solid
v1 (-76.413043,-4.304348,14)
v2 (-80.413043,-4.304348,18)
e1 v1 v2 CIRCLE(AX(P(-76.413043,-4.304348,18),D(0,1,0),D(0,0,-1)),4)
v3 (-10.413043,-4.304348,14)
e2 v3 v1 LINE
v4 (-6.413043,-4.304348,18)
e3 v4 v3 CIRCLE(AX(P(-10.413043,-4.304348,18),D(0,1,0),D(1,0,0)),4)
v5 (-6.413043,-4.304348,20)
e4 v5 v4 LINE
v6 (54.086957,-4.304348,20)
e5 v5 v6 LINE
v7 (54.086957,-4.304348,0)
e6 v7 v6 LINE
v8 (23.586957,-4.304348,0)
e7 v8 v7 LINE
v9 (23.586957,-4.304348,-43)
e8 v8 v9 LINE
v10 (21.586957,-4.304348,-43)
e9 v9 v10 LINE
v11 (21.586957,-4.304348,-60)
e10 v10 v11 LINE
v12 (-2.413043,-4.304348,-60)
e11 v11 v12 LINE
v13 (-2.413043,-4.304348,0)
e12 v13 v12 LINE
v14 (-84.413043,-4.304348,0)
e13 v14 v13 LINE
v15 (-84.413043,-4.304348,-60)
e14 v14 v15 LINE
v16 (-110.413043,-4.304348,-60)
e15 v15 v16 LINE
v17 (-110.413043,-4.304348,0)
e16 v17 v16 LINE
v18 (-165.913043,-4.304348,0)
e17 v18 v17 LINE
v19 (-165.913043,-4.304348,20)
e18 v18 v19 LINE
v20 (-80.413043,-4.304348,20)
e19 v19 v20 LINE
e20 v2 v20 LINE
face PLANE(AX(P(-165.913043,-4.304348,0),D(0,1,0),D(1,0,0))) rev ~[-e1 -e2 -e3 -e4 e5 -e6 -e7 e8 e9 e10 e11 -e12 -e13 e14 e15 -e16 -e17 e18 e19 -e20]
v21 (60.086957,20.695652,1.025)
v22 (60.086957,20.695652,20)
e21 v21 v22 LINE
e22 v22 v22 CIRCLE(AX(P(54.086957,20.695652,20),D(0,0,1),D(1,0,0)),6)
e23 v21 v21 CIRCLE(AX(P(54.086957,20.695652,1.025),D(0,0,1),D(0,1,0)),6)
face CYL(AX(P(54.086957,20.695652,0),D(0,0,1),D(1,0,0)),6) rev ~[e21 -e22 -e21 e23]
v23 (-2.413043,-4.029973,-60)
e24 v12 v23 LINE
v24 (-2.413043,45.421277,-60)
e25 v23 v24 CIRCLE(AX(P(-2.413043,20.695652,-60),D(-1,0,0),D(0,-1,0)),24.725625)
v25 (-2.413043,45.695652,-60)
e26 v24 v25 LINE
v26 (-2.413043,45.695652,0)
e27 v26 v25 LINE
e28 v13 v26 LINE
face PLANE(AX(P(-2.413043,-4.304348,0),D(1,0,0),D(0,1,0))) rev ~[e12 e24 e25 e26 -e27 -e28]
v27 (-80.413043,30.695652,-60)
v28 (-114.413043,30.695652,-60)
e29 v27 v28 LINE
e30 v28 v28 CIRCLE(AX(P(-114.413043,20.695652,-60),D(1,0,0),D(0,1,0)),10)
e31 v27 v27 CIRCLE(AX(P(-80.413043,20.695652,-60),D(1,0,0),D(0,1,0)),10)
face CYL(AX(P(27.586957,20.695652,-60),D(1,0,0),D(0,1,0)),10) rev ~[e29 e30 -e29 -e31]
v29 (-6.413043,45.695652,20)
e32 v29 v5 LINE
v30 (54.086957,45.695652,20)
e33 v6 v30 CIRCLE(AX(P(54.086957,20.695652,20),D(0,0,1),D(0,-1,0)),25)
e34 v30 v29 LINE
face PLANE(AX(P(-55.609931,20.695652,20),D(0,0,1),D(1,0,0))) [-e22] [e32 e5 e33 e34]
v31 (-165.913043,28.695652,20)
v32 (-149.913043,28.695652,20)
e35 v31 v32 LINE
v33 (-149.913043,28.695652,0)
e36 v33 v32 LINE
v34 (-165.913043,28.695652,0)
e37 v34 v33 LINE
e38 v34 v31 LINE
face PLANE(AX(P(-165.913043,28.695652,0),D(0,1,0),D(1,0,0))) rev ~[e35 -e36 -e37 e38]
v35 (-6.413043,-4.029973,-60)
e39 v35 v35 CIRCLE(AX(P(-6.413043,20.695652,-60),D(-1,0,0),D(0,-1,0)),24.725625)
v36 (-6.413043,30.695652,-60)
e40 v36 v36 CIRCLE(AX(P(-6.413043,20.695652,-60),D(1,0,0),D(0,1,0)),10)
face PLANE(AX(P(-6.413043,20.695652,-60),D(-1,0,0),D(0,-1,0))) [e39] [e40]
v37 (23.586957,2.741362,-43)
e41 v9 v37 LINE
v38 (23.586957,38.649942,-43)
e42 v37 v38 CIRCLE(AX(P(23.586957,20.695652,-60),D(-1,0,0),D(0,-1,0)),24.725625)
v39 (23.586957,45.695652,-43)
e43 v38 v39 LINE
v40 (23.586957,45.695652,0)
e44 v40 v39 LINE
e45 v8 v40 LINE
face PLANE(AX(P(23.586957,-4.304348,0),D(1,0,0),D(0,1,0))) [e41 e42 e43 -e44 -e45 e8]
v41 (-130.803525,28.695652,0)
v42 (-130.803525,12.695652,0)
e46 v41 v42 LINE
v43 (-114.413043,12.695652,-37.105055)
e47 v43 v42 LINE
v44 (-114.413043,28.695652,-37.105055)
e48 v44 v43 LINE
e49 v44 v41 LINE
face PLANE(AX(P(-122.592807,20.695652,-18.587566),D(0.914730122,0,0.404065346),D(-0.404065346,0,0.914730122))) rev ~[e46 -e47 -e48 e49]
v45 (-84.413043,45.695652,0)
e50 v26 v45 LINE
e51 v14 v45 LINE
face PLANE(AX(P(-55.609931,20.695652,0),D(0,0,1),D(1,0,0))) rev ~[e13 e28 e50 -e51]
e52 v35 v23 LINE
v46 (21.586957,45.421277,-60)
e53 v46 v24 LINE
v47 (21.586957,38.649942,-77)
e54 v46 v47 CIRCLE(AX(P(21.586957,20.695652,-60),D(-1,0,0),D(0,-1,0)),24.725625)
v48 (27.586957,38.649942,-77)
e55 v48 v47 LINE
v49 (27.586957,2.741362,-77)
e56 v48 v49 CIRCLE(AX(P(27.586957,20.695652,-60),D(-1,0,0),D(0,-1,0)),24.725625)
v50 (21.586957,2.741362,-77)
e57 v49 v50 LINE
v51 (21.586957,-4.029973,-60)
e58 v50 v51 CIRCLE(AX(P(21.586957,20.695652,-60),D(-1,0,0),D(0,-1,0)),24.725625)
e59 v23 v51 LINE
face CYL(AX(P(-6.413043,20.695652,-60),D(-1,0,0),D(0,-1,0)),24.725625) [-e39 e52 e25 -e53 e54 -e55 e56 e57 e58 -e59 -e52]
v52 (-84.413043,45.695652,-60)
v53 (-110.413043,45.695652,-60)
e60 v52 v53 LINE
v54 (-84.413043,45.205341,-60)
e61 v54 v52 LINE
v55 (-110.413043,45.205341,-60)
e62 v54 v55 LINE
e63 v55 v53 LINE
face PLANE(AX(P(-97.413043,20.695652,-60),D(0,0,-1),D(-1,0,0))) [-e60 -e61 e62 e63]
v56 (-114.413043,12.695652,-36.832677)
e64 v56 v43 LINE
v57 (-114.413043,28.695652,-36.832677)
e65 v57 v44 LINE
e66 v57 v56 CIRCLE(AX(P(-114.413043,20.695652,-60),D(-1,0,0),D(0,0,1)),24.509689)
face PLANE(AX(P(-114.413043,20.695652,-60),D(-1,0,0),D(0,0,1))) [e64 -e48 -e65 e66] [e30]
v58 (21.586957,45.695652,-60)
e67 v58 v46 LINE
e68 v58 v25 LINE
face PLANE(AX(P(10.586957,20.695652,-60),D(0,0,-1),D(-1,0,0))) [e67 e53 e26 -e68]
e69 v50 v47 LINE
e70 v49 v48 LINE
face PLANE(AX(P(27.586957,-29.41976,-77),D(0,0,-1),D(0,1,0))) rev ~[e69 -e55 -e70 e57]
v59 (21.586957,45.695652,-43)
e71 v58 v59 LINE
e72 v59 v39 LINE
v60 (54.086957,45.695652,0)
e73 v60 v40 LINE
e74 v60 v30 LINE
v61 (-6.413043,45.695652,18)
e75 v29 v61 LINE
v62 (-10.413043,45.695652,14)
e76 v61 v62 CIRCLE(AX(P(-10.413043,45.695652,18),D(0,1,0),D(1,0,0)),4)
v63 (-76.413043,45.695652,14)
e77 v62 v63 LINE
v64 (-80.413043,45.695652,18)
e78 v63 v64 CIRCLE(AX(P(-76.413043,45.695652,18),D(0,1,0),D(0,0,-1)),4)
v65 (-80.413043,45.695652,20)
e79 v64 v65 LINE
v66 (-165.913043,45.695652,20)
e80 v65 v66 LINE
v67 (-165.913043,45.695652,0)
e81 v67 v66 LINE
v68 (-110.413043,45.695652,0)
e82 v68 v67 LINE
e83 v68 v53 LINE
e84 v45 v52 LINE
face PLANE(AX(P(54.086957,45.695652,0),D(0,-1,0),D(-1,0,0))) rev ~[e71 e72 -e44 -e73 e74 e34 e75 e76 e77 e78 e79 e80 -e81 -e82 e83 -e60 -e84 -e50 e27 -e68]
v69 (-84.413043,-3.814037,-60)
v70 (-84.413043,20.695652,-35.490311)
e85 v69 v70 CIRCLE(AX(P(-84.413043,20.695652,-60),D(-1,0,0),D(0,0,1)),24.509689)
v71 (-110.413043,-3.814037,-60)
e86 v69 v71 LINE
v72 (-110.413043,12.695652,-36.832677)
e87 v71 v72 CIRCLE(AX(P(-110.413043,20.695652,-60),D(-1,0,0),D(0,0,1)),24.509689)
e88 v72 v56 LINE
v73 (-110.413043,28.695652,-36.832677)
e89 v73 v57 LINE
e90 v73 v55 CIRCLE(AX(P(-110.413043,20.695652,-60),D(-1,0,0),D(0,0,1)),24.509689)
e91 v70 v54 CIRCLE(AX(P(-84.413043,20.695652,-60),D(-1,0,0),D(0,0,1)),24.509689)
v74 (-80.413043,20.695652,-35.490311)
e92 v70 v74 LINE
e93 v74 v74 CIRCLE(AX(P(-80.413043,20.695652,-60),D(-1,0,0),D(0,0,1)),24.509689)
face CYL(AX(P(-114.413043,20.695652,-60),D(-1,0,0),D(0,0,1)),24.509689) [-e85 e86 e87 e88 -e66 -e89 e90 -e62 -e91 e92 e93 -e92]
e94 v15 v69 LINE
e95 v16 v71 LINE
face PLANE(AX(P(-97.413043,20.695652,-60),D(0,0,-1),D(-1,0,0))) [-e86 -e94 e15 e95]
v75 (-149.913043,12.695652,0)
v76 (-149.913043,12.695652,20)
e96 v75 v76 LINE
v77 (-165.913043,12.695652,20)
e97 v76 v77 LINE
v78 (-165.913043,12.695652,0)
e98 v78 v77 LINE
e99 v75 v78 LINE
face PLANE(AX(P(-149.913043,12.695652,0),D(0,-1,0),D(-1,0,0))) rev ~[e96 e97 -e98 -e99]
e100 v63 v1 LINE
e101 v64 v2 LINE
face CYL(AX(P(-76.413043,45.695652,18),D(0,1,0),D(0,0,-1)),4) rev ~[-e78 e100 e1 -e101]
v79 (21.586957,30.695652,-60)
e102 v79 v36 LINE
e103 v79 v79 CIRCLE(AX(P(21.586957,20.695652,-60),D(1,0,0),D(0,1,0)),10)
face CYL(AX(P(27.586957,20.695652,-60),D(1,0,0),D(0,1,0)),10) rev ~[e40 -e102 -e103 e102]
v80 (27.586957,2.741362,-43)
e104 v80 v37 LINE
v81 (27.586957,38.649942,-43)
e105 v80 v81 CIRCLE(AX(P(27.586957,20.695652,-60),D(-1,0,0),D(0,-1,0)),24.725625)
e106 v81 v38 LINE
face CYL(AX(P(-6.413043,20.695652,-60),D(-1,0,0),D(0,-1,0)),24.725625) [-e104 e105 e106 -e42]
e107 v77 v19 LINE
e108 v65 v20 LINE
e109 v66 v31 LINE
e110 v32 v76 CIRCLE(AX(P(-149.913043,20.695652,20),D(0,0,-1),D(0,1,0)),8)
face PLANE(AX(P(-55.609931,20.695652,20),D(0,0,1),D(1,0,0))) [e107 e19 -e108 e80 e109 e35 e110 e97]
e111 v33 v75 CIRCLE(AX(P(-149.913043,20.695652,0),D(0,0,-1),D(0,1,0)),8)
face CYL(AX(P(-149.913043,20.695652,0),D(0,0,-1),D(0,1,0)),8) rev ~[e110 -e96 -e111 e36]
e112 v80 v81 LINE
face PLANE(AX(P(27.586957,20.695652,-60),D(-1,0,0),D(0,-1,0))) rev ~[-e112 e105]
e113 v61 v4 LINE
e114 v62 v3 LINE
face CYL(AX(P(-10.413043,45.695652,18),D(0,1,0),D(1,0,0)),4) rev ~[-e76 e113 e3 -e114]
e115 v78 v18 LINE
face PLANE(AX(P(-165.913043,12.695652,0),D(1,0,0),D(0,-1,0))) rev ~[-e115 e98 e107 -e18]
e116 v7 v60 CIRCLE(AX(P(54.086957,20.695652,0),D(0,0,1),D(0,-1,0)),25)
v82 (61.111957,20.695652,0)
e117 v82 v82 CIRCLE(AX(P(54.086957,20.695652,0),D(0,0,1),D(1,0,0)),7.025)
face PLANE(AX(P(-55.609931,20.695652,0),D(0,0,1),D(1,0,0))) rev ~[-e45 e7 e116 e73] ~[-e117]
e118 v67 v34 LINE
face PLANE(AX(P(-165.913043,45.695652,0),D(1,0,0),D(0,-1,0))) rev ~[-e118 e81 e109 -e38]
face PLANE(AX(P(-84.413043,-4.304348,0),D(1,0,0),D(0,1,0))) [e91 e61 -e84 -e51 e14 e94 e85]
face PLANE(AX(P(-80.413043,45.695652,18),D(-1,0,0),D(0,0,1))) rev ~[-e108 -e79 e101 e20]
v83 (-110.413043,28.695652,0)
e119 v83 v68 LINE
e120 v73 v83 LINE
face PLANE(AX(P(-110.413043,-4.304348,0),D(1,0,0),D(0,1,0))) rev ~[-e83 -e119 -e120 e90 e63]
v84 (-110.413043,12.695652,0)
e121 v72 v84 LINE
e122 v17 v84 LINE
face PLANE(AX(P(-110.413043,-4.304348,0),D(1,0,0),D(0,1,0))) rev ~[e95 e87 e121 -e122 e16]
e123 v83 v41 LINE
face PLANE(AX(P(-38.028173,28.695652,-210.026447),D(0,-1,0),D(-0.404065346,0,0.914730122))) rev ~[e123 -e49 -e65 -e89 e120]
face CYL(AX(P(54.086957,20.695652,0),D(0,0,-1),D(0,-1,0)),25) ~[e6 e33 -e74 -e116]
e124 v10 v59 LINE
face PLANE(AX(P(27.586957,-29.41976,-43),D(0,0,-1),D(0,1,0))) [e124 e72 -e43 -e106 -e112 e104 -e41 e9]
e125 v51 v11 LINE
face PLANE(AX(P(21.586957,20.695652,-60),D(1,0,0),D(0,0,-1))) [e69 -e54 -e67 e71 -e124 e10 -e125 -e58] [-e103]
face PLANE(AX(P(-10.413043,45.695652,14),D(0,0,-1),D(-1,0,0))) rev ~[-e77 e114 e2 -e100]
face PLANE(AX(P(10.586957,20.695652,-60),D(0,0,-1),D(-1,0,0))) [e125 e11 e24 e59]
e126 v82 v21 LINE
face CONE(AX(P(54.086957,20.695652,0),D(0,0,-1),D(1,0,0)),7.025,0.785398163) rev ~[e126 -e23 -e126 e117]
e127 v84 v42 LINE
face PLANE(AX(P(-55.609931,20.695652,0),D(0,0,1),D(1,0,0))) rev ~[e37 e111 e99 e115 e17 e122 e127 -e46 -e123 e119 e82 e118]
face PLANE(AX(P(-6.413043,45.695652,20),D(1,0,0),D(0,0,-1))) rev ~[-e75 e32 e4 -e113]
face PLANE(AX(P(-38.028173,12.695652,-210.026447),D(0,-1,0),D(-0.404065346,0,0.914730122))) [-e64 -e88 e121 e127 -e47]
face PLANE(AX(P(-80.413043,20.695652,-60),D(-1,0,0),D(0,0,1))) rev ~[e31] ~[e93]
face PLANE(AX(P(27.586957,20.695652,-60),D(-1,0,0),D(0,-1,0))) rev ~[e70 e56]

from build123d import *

# Parameters (mm, degrees)
BOSS_EXTRUDE1_DEPTH              = 20
CUT_EXTRUDE1_DEPTH               = 80
M14X2_0_TAPPED_HOLE2_D           = 12
M14X2_0_TAPPED_HOLE2_CSINK_D     = 14.05
M14X2_0_TAPPED_HOLE2_CSINK_ANGLE = 90
SKETCH11_W                       = 26
SKETCH11_H                       = 50
BOSS_EXTRUDE2_DEPTH              = 60
BOSS_EXTRUDE3_START              = 4
SKETCH12_R                       = 24.50968872
BOSS_EXTRUDE3_DEPTH              = 34
BOSS_EXTRUDE4_START              = 4
SKETCH13_R                       = 24.725624797
BOSS_EXTRUDE4_DEPTH              = 34
SKETCH14_R                       = 10
CUT_EXTRUDE2_DEPTH               = 234
SKETCH15_W                       = 34
SKETCH15_H                       = 100.230824912
CUT_EXTRUDE3_DEPTH               = 6
RIB6_REACH                       = 189.964
SKETCH16_WALL_W                  = 418.569099694
SKETCH16_WALL_H                  = 16


with BuildPart() as part:
    # Sketch1 → Boss-Extrude1 (new body)
    with BuildSketch(Plane.XY):
        with BuildLine():
            Line((-165.913043478, -4.304347826), (54.086956522, -4.304347826))
            ThreePointArc((54.086956522, -4.304347826), (79.086956522, 20.695652174), (54.086956522, 45.695652174))
            Line((54.086956522, 45.695652174), (-165.913043478, 45.695652174))
            Line((-165.913043478, 45.695652174), (-165.913043478, 28.695652174))
            Line((-165.913043478, 28.695652174), (-149.913043478, 28.695652174))
            ThreePointArc((-149.913043478, 28.695652174), (-141.913043478, 20.695652174), (-149.913043478, 12.695652174))
            Line((-149.913043478, 12.695652174), (-165.913043478, 12.695652174))
            Line((-165.913043478, 12.695652174), (-165.913043478, -4.304347826))
        make_face()
    extrude(amount=BOSS_EXTRUDE1_DEPTH)

    # Sketch2 → Cut-Extrude1 (cut)
    with BuildSketch(Plane(origin=(0, 45.695652174, 0), x_dir=(1, 0, 0), z_dir=(0, 1, 0))):
        with BuildLine():
            Line((-80.413043478, -20), (-6.413043478, -20))
            Line((-6.413043478, -20), (-6.413043478, -18))
            ThreePointArc((-6.413043478, -18), (-7.584616354, -15.171572875), (-10.413043478, -14))
            Line((-10.413043478, -14), (-76.413043478, -14))
            ThreePointArc((-76.413043478, -14), (-79.241470603, -15.171572875), (-80.413043478, -18))
            Line((-80.413043478, -18), (-80.413043478, -20))
        make_face()
    extrude(amount=-CUT_EXTRUDE1_DEPTH, mode=Mode.SUBTRACT)

    # M14x2.0 Tapped Hole2 (through all)
    with Locations(Plane(origin=(0, 0, 0), x_dir=(-1, 0, 0), z_dir=(0, 0, -1))):
        with Locations((-54.086956522, 20.695652174)):
            CounterSinkHole(M14X2_0_TAPPED_HOLE2_D / 2, M14X2_0_TAPPED_HOLE2_CSINK_D / 2, counter_sink_angle=M14X2_0_TAPPED_HOLE2_CSINK_ANGLE)

    # Sketch11 → Boss-Extrude2 (add)
    with BuildSketch(Plane(origin=(0, 0, 0), x_dir=(-1, 0, 0), z_dir=(0, 0, -1))):
        with Locations((97.413043478, 20.695652174)):
            Rectangle(SKETCH11_W, SKETCH11_H)
        with Locations((-10.586956522, 20.695652174)):
            Rectangle(SKETCH11_W, SKETCH11_H)
    extrude(amount=BOSS_EXTRUDE2_DEPTH)

    # Sketch12 → Boss-Extrude3 (add)
    with BuildSketch(Plane.ZY.offset(110.413043478).offset(BOSS_EXTRUDE3_START)):
        with Locations((-60, 20.695652174)):
            Circle(SKETCH12_R)
    extrude(amount=-BOSS_EXTRUDE3_DEPTH)

    # Sketch13 → Boss-Extrude4 (add)
    with BuildSketch(Plane.ZY.offset(2.413043478).offset(BOSS_EXTRUDE4_START)):
        with Locations(Location((-60, 20.695652174, 0), (0, 0, 270))):
            Circle(SKETCH13_R)
    extrude(amount=-BOSS_EXTRUDE4_DEPTH)

    # Sketch14 → Cut-Extrude2 (cut)
    with BuildSketch(Plane(origin=(27.586956522, 0, 0), x_dir=(0, 0, -1), z_dir=(1, 0, 0))):
        with Locations(Location((60, 20.695652174, 0), (0, 0, 90))):
            Circle(SKETCH14_R)
    extrude(amount=-CUT_EXTRUDE2_DEPTH, mode=Mode.SUBTRACT)

    # Sketch15 → Cut-Extrude3 (cut)
    with BuildSketch(Plane(origin=(27.586956522, 0, 0), x_dir=(0, 0, -1), z_dir=(1, 0, 0))):
        with Locations((60, 20.695652174)):
            Rectangle(SKETCH15_W, SKETCH15_H)
    extrude(amount=-CUT_EXTRUDE3_DEPTH, mode=Mode.SUBTRACT)

    # Sketch16 wall → Rib6 (add, up to next)
    with BuildSketch(Plane(origin=(-122.592806802, 20.695652174, -18.5875655), x_dir=(-0.404065346257, 0, 0.914730121924), z_dir=(0.914730121924, 0, 0.404065346257)), mode=Mode.PRIVATE) as rib6_sk1:
        Rectangle(SKETCH16_WALL_W, SKETCH16_WALL_H)
    rib6_tool1 = extrude(rib6_sk1.sketch, amount=RIB6_REACH, mode=Mode.PRIVATE) - part.part
    add(rib6_tool1.solids().sort_by_distance((-122.592806802, 20.695652174, -18.5875655))[0])


solid = part.part
